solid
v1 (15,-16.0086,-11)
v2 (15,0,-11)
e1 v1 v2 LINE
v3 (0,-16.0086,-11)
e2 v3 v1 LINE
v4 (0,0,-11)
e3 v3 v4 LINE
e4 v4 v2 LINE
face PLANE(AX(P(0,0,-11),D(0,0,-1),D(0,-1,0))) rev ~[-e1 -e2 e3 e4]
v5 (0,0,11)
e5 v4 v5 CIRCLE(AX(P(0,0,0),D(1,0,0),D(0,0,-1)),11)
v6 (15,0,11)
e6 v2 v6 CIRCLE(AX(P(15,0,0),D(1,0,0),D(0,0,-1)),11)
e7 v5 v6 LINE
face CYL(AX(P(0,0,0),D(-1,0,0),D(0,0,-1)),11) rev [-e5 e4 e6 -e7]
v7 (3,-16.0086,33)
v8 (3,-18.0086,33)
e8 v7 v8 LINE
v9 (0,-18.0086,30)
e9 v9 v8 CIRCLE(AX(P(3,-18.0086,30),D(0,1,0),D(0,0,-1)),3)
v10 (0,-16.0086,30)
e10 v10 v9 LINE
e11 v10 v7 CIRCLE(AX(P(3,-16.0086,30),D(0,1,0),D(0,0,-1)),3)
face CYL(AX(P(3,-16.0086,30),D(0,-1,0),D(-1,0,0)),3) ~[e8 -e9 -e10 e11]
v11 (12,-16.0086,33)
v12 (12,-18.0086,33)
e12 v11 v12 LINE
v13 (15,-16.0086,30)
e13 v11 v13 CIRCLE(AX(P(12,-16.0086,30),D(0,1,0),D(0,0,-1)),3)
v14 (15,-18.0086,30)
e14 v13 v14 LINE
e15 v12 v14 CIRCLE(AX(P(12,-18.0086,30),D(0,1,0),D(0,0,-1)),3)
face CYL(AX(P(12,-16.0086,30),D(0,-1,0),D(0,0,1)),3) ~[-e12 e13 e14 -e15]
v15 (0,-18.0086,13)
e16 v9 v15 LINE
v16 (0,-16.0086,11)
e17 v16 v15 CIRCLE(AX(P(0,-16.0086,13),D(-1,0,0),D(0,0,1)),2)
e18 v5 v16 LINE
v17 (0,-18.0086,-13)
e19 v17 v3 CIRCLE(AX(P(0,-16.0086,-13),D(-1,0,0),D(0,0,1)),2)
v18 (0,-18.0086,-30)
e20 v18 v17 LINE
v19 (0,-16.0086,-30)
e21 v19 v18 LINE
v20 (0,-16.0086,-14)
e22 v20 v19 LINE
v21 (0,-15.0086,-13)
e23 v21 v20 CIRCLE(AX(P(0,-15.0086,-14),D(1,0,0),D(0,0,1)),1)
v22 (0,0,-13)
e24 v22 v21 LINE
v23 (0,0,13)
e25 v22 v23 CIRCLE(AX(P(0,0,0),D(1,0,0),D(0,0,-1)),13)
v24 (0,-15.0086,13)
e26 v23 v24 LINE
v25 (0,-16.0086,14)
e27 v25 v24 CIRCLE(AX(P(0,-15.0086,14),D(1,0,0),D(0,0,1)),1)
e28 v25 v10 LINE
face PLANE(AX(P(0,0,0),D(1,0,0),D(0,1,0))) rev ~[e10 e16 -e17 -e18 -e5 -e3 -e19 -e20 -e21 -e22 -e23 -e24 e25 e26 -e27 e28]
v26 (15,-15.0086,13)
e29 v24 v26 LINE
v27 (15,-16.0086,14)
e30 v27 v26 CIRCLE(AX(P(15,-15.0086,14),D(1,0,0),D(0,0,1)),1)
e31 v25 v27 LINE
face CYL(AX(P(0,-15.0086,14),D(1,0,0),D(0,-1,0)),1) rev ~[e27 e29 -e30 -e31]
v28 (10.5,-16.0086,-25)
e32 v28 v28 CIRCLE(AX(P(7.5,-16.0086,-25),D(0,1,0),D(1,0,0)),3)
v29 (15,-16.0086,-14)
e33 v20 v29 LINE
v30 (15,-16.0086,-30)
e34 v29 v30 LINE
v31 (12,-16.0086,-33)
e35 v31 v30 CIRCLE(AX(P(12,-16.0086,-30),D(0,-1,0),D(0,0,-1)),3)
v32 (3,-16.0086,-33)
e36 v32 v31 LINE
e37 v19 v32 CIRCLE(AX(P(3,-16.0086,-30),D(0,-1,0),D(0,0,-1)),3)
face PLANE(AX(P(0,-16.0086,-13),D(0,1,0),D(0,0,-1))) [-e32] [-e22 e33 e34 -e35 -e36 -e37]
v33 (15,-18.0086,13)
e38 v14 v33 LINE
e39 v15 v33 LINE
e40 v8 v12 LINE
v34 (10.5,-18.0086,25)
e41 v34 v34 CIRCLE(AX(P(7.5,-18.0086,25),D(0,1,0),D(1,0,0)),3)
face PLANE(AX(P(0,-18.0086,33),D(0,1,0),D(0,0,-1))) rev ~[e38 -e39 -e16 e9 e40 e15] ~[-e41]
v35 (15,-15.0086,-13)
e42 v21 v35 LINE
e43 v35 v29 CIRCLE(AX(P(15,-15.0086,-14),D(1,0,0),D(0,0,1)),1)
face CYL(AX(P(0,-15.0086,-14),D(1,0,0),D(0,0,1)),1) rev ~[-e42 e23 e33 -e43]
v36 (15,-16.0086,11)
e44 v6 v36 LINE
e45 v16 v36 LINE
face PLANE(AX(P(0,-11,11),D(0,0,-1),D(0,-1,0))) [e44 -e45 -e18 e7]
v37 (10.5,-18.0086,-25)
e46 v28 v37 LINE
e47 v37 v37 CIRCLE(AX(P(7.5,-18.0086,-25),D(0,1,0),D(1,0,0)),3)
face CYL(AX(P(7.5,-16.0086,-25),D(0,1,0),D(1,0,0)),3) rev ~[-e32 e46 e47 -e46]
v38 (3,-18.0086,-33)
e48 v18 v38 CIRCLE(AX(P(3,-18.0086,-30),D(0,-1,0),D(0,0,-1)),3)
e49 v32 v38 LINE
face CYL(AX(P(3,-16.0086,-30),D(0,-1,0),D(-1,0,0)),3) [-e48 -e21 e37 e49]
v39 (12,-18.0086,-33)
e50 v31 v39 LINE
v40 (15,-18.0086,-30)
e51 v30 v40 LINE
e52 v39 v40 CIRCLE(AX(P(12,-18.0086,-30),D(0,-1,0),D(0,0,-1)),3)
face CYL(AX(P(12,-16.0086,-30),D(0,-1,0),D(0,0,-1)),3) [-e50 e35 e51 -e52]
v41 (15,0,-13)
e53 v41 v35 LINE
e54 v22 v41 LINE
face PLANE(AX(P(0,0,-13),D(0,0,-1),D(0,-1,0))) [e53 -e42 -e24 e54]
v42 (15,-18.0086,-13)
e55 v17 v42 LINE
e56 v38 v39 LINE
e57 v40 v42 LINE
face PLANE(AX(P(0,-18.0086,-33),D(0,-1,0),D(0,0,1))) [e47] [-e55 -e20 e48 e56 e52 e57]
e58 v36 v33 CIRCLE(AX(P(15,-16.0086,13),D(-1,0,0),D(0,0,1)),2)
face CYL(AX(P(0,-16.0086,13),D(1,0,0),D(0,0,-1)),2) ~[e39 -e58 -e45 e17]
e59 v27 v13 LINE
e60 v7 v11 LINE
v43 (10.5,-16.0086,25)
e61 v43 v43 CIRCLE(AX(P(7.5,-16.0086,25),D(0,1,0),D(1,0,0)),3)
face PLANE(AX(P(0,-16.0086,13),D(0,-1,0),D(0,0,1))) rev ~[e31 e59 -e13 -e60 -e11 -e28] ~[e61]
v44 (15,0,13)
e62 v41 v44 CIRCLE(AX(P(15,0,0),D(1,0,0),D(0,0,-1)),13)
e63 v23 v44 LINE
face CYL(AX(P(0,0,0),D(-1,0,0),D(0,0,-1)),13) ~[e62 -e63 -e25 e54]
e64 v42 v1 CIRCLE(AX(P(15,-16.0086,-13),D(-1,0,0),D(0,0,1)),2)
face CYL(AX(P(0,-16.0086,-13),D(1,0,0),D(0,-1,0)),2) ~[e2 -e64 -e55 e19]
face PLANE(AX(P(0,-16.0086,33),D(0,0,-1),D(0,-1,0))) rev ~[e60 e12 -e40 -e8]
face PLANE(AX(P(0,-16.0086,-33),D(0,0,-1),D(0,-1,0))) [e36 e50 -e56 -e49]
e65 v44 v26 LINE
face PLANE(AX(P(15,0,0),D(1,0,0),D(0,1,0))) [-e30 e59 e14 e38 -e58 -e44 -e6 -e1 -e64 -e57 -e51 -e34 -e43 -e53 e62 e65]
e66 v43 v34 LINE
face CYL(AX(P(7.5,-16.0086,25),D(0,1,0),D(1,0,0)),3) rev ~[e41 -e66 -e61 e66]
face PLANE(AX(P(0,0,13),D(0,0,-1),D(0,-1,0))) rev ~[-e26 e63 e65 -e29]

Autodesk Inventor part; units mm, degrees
ref_plane "YZ Plane" through (0, 0, 0) normal (1, 0, 0) x (0, 1, 0)
ref_plane "XZ Plane" through (0, 0, 0) normal (0, 1, 0) x (-1, 0, 0)
ref_plane "XY Plane" through (0, 0, 0) normal (0, 0, 1) x (1, 0, 0)
sketch "Sketch1" plane through (0, 0, 0) normal (1, 0, 0) x (0, 1, 0)
  arc A0 (0, -11) -> (0, 11) centre (0, 0) ccw
  arc A1 (0, -13) -> (0, 13) centre (0, 0) ccw
  line L0 (0, 13) -> (-16.0086, 13)
  line L1 (0, 11) -> (-18.0086, 11)
  line L2 (0, 0) -> (4.4908, 0)
  line L3 (-18.0086, 11) -> (-11, 11)
  line L4 (-16.0086, 13) -> (-16.0086, 33)
  line L5 (-16.0086, 33) -> (-18.0086, 33)
  line L6 (-18.0086, 33) -> (-18.0086, 11)
  line L7 (0, -13) -> (-16.0086, -13)
  line L8 (0, -11) -> (-18.0086, -11)
  line L9 (-18.0086, -11) -> (-11, -11)
  line L10 (-16.0086, -13) -> (-16.0086, -33)
  line L11 (-16.0086, -33) -> (-18.0086, -33)
  line L12 (-18.0086, -33) -> (-18.0086, -11)
  point P0 (-6.9282, 11)
  point P1 (-6.9282, -11)
  dimension "d0" = 22
  dimension "d1" = 2
  dimension "d12" = 18.0086
  dimension "d13" = 2
  dimension "d14" = 22
extrude "Extrusion1" add sketch "Sketch1" along normal blind 15
fillet "Fillet1" radius 2 2 edges at (7.5, -18.0086, -11) (7.5, -18.0086, 11)
fillet "Fillet2" radius 1 2 edges at (7.5, -16.0086, 13) (7.5, -16.0086, -13)
fillet "Fillet3" radius 3 4 edges at (15, -17.0086, 33) (0, -17.0086, 33) (15, -17.0086, -33) (0, -17.0086, -33)
sketch "Sketch2" plane through (0, -16.0086, 14) normal (0, 1, 0) x (1, 0, 0)
  circle A0 centre (7.5, -11) radius 3
  line L0 (3, -19) -> (12, -19) projected
  line L1 (0, 14) -> (27.6341, 14)
  circle A1 centre (7.5, 39) radius 3
  dimension "d8" = 6
  dimension "d9" = 8
extrude "Extrusion2" cut sketch "Sketch2" against normal blind 15
properties part number "rackbracket"
